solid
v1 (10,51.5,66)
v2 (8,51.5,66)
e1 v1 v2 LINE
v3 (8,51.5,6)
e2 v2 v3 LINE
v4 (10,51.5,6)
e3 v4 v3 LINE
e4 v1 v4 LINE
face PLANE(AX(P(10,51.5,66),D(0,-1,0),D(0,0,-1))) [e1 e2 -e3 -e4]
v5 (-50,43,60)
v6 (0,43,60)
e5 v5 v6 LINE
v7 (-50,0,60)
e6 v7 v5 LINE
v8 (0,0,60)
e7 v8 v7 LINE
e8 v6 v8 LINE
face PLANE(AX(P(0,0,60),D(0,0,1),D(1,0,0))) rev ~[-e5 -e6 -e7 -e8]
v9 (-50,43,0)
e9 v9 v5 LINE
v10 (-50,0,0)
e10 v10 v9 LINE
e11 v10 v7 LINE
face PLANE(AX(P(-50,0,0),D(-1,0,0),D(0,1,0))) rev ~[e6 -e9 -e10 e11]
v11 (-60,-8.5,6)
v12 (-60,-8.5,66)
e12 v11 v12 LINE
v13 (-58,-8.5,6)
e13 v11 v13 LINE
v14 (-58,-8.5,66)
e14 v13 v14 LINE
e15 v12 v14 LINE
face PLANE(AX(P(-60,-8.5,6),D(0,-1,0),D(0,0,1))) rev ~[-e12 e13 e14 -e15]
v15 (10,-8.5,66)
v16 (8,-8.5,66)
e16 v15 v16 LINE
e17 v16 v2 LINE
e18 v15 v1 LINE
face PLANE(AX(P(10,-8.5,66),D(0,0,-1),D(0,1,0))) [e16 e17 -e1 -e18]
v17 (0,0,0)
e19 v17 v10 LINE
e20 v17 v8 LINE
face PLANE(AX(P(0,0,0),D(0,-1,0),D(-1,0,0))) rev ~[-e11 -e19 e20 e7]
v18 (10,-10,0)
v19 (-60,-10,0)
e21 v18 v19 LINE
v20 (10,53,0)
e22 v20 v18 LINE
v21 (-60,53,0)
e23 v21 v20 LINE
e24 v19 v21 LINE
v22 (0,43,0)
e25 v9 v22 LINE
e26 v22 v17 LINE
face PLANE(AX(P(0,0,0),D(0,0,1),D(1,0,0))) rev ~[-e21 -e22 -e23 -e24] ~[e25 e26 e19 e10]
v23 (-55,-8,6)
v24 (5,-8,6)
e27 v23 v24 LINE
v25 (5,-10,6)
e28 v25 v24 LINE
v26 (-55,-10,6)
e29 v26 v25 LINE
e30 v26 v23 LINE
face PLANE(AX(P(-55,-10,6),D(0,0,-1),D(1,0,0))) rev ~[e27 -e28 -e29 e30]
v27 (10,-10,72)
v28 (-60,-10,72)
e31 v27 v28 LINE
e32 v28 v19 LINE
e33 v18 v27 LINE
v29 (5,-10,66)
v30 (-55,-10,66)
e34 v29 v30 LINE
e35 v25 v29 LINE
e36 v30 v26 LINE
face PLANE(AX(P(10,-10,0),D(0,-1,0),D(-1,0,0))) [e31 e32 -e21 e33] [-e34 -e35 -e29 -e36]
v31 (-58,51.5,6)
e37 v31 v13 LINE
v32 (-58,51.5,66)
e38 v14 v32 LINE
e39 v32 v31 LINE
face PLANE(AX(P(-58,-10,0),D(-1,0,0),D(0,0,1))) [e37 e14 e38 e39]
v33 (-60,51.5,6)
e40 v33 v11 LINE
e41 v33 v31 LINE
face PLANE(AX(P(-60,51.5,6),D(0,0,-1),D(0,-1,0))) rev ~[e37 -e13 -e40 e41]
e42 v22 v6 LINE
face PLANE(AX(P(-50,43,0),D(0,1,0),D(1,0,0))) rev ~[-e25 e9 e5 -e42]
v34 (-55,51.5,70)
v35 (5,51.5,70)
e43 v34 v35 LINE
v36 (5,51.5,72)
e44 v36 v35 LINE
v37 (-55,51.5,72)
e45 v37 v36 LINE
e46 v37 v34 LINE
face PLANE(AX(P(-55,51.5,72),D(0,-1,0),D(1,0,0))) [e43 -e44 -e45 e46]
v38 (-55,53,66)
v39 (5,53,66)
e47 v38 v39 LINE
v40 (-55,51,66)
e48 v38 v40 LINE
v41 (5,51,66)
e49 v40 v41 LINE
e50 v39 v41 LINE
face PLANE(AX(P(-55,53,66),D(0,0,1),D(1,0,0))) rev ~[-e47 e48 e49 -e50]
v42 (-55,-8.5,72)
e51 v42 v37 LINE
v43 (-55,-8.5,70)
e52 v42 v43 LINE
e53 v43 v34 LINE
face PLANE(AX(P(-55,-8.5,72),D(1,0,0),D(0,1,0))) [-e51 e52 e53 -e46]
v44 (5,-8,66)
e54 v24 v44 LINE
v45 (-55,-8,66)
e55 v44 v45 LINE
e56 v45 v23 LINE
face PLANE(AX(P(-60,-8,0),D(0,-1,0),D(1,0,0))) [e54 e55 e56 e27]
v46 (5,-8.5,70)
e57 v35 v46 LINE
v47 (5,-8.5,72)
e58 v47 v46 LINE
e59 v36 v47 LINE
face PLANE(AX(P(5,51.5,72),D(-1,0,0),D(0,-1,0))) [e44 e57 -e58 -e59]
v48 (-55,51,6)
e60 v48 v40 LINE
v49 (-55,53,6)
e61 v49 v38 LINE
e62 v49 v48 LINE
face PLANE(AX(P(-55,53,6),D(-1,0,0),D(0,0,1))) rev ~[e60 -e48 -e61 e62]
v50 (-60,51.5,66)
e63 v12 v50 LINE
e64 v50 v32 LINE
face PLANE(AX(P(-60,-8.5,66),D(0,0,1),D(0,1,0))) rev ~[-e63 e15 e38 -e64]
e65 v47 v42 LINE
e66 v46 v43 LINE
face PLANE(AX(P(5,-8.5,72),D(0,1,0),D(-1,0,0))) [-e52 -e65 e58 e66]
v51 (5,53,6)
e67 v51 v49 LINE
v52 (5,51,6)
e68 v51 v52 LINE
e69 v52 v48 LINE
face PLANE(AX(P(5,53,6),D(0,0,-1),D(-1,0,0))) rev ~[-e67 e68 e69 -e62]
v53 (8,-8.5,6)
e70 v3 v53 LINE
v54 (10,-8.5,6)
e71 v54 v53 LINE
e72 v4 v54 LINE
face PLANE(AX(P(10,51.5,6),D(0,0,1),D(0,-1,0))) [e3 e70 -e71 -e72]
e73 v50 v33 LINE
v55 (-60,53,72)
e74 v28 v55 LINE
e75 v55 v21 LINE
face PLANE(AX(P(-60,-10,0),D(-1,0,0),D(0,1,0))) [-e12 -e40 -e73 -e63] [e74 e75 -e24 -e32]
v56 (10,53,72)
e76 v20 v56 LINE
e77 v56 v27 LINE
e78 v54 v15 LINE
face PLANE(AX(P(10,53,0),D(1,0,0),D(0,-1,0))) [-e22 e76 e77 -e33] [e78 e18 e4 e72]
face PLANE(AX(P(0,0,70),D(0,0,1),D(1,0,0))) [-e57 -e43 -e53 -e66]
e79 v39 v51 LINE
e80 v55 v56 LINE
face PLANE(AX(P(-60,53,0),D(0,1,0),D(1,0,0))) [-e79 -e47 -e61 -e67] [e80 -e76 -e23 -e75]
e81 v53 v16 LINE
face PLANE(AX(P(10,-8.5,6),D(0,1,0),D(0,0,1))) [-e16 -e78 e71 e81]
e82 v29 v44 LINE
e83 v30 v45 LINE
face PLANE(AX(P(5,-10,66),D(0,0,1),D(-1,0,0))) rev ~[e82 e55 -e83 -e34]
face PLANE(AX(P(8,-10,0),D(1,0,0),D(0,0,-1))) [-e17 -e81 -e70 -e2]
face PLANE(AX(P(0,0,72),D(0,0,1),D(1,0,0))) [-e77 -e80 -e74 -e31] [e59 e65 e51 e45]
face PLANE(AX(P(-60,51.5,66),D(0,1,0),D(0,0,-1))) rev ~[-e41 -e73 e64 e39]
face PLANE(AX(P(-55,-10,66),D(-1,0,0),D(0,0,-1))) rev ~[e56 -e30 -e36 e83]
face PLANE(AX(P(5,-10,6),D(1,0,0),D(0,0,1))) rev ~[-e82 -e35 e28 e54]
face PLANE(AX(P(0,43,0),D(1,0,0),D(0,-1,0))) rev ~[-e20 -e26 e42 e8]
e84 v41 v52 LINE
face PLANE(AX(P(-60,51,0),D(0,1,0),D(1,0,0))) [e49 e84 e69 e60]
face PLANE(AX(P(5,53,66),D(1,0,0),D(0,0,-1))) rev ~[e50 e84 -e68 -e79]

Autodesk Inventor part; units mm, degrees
ref_plane "YZ Plane" through (0, 0, 0) normal (1, 0, 0) x (0, 1, 0)
ref_plane "XZ Plane" through (0, 0, 0) normal (0, 1, 0) x (-1, 0, 0)
ref_plane "XY Plane" through (0, 0, 0) normal (0, 0, 1) x (1, 0, 0)
sketch "Sketch3" plane through (0, 0, 0) normal (0, 0, 1) x (1, 0, 0)
  line L0 (0, 0) -> (-50, 0)
  line L1 (-50, 0) -> (-50, 43)
  line L2 (-50, 43) -> (0, 43)
  line L3 (0, 43) -> (0, 0)
  line L4 (10, -10) -> (-60, -10)
  line L5 (-60, -10) -> (-60, 53)
  line L6 (-60, 53) -> (10, 53)
  line L7 (10, 53) -> (10, -10)
  dimension "d26" = 43
  dimension "d27" = 50
  dimension "d28" = 70
  dimension "d29" = 63
extrude "Extrusion3" add sketch "Sketch3" along normal blind 60
sketch "Sketch4" plane through (0, 0, 60) normal (0, 0, 1) x (1, 0, 0)
  line L0 (10, -10) -> (-60, -10)
  line L1 (-60, -10) -> (-60, 53)
  line L2 (-60, 53) -> (10, 53)
  line L3 (10, 53) -> (10, -10)
  point P0 (0, 0)
extrude "Extrusion4" add sketch "Sketch4" along normal blind 12
sketch "Sketch5" plane through (-60, 53, 0) normal (0, 1, 0) x (1, 0, 0)
  line L0 (0, 0) -> (70, 0) projected
  line L1 (70, 0) -> (70, -72) projected
  line L2 (0, 0) -> (70, 0)
  line L3 (70, 0) -> (70, -72)
  line L4 (70, -72) -> (0, -72)
  line L5 (0, -72) -> (0, 0)
  line L6 (65, -6) -> (5, -6)
  line L7 (5, -6) -> (5, -66)
  line L8 (5, -66) -> (65, -66)
  line L9 (65, -66) -> (65, -6)
  line L10 (60, -11) -> (10, -11)
  line L11 (10, -11) -> (10, -61)
  line L12 (10, -61) -> (60, -61)
  line L13 (60, -61) -> (60, -11)
  point P0 (60, 0)
  dimension "d34" = 60
  dimension "d35" = 60
  dimension "d36" = 50
  dimension "d37" = 50
extrude "Extrusion5" cut sketch "Sketch5" against normal blind 2 contours L9 L8 L7 L6 | L13 L12 L11 L10
sketch "Sketch6" plane through (10, -10, 0) normal (1, 0, 0) x (0, 0, -1)
  line L0 (-6, 1.5) -> (-66, 1.5)
  line L1 (-66, 1.5) -> (-66, 61.5)
  line L2 (-66, 61.5) -> (-6, 61.5)
  line L3 (-6, 61.5) -> (-6, 1.5)
  line L4 (-11, 6.5) -> (-61, 6.5)
  line L5 (-61, 6.5) -> (-61, 56.5)
  line L6 (-61, 56.5) -> (-11, 56.5)
  line L7 (-11, 56.5) -> (-11, 6.5)
  point P0 (0, 10)
  dimension "d40" = 60
  dimension "d41" = 60
  dimension "d42" = 50
  dimension "d43" = 50
extrude "Extrusion6" cut sketch "Sketch6" against normal blind 2 contours L0 L1 L2 L3 | L4 L5 L6 L7
sketch "Sketch7" plane through (-60, -10, 0) normal (0, -1, 0) x (1, 0, 0)
  line L0 (5, 6) -> (65, 6)
  line L1 (65, 6) -> (65, 66)
  line L2 (65, 66) -> (5, 66)
  line L3 (5, 66) -> (5, 6)
  line L4 (10, 11) -> (60, 11)
  line L5 (60, 11) -> (60, 61)
  line L6 (60, 61) -> (10, 61)
  line L7 (10, 61) -> (10, 11)
  point P0 (60, 0)
  dimension "d46" = 60
  dimension "d47" = 60
  dimension "d48" = 50
  dimension "d49" = 50
extrude "Extrusion7" cut sketch "Sketch7" against normal blind 2 contours L3 L2 L1 L0 | L7 L6 L5 L4
sketch "Sketch8" plane through (-60, -10, 0) normal (-1, 0, 0) x (0, 0, 1)
  line L0 (6, 1.5) -> (66, 1.5)
  line L1 (66, 1.5) -> (66, 61.5)
  line L2 (66, 61.5) -> (6, 61.5)
  line L3 (6, 61.5) -> (6, 1.5)
  line L4 (11, 6.5) -> (61, 6.5)
  line L5 (61, 6.5) -> (61, 56.5)
  line L6 (61, 56.5) -> (11, 56.5)
  line L7 (11, 56.5) -> (11, 6.5)
  point P0 (0, 10)
  dimension "d52" = 60
  dimension "d53" = 60
  dimension "d54" = 50
  dimension "d55" = 50
extrude "Extrusion8" cut sketch "Sketch8" against normal blind 2 contours L3 L2 L1 L0 | L7 L6 L5 L4
sketch "Sketch9" plane through (0, 0, 72) normal (0, 0, 1) x (1, 0, 0)
  line L0 (5, -8.5) -> (-55, -8.5)
  line L1 (-55, -8.5) -> (-55, 51.5)
  line L2 (-55, 51.5) -> (5, 51.5)
  line L3 (5, 51.5) -> (5, -8.5)
  line L4 (0, 46.5) -> (-50, 46.5)
  line L5 (-50, 46.5) -> (-50, -3.5)
  line L6 (-50, -3.5) -> (0, -3.5)
  line L7 (0, -3.5) -> (0, 46.5)
  point P0 (0, 0)
  dimension "d58" = 60
  dimension "d59" = 60
  dimension "d60" = 50
  dimension "d61" = 50
extrude "Extrusion9" cut sketch "Sketch9" against normal blind 2 contours L0 L1 L2 L3 | L7 L6 L5 L4
properties part number "End-Effector"
